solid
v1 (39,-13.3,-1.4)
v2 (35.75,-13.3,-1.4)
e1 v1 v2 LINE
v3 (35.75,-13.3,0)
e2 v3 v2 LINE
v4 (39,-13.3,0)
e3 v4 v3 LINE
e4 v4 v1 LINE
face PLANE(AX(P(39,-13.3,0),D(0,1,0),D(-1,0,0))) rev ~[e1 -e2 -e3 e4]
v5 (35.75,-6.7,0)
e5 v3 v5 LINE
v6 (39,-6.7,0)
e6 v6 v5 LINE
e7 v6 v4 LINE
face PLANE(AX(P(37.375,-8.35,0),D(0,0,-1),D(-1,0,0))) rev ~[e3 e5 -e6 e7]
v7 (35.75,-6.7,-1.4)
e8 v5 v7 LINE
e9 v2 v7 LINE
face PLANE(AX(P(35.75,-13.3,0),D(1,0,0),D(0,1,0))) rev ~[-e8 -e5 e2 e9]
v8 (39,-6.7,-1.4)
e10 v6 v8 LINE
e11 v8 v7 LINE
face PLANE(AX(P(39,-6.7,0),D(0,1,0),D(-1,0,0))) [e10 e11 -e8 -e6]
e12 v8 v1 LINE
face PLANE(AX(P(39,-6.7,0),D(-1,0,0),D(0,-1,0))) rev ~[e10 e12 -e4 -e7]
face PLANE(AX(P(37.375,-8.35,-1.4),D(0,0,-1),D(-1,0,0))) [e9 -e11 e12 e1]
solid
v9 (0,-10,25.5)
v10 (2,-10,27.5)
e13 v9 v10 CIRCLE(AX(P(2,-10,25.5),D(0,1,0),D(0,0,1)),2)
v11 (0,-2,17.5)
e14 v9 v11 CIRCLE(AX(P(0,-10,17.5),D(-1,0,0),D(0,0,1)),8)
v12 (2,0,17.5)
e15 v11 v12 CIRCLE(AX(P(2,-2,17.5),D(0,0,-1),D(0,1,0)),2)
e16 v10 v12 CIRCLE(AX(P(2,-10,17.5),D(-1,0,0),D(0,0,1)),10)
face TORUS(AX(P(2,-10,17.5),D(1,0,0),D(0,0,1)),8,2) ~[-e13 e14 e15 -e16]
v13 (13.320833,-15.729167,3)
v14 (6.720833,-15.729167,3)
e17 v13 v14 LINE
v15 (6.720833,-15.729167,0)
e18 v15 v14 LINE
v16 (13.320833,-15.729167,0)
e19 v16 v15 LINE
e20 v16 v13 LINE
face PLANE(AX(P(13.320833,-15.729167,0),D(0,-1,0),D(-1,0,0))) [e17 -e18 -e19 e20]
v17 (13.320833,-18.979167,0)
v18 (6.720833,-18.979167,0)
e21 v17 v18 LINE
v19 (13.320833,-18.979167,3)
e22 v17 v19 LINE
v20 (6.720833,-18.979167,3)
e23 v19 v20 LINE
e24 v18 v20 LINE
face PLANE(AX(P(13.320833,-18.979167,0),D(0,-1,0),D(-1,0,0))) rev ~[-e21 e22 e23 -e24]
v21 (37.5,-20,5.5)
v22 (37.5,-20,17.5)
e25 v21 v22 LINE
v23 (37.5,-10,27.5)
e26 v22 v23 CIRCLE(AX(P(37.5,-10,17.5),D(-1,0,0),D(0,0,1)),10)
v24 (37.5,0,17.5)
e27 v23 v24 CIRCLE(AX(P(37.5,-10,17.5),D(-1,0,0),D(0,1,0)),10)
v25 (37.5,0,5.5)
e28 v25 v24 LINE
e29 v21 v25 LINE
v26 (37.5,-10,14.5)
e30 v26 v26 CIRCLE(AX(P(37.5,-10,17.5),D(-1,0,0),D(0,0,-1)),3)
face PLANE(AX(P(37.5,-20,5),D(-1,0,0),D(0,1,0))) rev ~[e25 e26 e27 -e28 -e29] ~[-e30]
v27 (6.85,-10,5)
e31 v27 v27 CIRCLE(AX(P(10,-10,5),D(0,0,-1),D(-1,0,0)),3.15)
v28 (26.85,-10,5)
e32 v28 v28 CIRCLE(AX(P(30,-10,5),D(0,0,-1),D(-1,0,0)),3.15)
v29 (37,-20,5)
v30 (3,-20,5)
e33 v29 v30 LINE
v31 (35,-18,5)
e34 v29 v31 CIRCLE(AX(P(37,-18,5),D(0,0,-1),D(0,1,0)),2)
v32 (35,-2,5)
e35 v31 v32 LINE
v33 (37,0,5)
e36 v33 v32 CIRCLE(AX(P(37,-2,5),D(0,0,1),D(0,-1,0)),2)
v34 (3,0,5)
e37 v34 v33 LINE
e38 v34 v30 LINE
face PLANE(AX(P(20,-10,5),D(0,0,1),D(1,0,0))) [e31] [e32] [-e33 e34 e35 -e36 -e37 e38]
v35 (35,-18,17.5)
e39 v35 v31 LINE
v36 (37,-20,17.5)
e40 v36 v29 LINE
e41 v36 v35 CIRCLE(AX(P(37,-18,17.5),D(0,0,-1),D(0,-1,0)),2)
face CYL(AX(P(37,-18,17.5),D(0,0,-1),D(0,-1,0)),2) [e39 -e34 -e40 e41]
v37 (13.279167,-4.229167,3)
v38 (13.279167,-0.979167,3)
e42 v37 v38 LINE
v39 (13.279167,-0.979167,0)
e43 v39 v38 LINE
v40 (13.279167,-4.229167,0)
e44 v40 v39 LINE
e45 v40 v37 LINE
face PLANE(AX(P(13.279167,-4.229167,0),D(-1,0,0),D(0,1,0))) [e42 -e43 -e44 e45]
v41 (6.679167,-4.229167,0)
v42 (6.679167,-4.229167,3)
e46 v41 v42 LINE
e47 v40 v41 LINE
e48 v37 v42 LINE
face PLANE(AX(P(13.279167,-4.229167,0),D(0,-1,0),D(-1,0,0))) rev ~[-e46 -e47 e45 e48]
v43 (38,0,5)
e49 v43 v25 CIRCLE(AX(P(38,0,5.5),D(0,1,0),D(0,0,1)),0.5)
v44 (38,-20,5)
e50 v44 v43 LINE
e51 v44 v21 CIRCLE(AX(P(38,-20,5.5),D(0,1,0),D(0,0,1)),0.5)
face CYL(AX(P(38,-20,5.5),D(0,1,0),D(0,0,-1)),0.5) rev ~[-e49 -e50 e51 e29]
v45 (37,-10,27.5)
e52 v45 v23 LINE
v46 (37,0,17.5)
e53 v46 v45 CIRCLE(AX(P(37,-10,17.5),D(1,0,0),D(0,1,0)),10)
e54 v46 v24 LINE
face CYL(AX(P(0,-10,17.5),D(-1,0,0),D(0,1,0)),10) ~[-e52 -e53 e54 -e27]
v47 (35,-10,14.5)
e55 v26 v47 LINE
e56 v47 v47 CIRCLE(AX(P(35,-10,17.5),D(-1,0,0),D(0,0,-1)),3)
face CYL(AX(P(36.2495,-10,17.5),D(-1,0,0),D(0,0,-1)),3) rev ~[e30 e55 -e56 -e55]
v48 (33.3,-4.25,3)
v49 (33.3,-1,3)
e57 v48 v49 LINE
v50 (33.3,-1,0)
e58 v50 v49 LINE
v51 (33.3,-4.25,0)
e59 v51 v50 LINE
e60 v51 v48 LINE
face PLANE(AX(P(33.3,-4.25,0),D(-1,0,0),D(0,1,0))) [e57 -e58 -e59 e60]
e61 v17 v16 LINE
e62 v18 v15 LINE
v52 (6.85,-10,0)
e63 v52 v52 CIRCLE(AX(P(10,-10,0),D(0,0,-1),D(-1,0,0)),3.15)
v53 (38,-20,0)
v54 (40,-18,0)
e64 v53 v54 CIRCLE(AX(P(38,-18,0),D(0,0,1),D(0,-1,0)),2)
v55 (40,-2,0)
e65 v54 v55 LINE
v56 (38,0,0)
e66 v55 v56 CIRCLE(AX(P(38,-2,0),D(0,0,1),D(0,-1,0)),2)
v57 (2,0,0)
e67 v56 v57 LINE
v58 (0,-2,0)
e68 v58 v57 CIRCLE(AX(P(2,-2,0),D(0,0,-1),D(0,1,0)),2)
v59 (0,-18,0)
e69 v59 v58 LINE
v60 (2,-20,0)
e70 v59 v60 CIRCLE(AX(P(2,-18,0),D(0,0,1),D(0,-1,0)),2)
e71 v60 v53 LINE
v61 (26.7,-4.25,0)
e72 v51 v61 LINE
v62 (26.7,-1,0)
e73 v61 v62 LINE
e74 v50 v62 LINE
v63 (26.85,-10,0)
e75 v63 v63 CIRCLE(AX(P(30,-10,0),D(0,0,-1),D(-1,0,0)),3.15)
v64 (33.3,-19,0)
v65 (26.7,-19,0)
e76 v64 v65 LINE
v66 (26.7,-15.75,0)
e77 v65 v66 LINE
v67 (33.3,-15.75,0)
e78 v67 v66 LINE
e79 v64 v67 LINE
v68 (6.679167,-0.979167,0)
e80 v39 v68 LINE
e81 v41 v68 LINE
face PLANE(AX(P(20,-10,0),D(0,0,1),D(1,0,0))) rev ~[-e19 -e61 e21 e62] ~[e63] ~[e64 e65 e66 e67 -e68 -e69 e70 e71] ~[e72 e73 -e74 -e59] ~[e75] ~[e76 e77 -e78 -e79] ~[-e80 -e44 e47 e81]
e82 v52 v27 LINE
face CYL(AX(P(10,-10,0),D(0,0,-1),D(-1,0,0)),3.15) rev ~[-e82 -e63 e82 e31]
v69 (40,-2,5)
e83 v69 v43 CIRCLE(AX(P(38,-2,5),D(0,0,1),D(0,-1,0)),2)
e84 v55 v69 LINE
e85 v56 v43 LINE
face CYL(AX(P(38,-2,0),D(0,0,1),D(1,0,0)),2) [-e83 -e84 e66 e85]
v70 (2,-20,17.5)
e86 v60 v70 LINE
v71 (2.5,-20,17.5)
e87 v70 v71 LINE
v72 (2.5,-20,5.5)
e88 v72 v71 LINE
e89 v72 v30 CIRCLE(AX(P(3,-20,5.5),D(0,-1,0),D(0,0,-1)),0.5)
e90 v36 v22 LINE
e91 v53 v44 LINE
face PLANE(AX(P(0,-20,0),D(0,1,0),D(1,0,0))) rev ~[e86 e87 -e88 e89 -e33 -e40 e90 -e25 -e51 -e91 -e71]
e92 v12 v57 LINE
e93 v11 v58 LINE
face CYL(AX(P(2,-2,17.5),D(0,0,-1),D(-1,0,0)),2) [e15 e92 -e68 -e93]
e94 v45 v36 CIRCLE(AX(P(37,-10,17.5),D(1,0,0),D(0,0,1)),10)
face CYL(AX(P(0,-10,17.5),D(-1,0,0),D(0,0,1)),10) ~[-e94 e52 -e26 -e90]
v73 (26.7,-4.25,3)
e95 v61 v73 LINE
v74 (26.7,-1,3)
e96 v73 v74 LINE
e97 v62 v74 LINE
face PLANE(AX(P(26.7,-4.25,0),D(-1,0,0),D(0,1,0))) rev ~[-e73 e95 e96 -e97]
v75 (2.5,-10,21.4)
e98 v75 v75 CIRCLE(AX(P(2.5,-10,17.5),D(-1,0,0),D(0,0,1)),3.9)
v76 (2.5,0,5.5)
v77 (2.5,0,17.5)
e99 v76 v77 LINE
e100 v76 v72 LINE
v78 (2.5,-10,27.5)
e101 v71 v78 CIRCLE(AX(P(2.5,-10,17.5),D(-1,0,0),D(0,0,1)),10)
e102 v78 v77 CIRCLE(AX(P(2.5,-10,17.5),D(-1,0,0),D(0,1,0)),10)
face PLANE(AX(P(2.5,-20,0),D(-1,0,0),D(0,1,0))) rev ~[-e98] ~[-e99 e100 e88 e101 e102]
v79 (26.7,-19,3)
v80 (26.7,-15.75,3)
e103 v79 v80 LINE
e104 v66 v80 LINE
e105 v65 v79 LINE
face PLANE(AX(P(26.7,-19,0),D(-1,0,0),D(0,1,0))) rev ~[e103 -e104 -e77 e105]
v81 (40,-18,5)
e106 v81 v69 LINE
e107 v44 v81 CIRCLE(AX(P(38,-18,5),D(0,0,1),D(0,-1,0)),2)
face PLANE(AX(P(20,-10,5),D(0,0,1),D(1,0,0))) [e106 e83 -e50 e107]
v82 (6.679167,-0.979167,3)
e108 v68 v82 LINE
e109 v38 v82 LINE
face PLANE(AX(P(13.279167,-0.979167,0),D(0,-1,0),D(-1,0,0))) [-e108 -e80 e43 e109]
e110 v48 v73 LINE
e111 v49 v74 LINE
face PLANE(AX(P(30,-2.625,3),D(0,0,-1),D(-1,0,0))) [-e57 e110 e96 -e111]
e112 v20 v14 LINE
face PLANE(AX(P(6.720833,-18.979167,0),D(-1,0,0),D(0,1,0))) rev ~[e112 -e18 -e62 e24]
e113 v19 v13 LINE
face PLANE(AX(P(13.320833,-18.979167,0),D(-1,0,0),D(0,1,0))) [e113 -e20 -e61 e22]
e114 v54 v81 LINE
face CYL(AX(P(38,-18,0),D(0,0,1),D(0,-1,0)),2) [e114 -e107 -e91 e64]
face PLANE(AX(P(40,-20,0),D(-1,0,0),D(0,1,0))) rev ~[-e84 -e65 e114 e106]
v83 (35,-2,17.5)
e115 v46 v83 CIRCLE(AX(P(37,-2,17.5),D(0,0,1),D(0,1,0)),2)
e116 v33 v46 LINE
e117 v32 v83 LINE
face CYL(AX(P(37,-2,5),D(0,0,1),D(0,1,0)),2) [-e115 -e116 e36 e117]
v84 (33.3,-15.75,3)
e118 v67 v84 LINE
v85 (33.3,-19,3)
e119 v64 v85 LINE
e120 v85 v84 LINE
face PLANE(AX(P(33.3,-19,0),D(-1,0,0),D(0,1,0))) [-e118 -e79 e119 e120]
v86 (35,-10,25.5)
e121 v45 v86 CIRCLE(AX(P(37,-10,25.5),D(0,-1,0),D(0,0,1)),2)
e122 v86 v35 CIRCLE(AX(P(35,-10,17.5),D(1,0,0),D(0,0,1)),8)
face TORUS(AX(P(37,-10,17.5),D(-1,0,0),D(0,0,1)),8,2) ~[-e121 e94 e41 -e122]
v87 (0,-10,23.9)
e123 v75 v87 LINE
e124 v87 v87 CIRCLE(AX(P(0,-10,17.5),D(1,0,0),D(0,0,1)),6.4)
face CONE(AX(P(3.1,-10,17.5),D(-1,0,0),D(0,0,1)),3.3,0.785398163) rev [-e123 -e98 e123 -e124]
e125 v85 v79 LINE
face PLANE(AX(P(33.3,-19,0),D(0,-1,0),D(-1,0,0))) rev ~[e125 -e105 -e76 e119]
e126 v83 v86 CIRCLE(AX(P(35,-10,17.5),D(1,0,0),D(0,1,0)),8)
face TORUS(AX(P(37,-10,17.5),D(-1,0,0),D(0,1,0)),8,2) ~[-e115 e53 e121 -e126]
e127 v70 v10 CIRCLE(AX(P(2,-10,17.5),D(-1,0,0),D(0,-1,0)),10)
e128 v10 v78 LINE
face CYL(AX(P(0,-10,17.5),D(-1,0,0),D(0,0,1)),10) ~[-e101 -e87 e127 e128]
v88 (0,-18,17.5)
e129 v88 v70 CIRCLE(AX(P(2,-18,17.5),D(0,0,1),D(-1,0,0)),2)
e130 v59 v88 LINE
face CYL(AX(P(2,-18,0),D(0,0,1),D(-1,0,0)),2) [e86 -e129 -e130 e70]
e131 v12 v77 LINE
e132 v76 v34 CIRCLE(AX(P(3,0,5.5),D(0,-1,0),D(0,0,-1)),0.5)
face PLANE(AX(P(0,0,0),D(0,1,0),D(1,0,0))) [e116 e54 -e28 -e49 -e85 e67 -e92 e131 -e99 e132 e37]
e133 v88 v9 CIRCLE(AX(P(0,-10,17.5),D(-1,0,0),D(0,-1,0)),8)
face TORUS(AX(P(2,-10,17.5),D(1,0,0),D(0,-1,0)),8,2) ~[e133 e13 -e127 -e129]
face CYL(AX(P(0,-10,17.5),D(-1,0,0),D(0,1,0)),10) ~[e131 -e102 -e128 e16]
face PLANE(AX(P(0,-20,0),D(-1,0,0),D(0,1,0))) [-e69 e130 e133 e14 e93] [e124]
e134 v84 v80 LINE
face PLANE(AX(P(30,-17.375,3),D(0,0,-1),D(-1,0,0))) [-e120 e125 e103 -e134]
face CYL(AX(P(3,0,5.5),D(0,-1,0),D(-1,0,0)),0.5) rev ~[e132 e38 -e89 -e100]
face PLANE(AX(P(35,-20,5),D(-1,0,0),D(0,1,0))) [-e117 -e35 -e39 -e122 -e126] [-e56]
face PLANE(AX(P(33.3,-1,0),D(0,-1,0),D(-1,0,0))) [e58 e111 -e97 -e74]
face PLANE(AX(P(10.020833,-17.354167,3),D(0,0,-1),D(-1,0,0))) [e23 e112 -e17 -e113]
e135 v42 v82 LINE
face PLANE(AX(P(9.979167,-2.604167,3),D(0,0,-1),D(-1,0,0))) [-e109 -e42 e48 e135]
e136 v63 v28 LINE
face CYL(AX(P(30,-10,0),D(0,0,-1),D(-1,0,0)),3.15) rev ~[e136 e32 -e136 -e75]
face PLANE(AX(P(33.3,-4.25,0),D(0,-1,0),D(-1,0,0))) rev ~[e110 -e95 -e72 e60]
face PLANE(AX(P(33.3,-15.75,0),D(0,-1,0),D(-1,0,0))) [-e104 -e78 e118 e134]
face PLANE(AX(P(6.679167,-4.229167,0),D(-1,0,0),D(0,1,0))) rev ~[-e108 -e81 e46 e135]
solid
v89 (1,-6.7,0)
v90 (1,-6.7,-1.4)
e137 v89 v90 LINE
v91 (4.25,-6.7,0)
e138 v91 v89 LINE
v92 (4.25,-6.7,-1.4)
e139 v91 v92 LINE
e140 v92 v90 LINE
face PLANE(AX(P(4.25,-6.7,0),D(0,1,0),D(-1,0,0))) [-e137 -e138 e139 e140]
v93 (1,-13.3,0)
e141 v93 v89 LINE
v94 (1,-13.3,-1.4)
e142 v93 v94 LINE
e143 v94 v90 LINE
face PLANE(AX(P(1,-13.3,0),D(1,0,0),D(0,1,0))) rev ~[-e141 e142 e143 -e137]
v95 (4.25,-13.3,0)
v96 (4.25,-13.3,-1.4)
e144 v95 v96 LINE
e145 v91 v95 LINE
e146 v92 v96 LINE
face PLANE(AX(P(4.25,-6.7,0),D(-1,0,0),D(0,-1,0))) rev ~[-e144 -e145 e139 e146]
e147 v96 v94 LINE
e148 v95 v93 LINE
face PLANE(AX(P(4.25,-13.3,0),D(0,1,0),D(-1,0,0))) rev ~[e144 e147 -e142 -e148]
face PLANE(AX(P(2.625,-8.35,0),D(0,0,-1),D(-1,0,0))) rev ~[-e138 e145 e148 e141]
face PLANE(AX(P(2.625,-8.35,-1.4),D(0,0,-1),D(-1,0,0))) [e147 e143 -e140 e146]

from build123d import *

# Parameters (mm, degrees)
SKETCH_1_W          = 40
SKETCH_1_H          = 20
EXTRUDE_1_DEPTH     = 5
SKETCH_2_W          = 2.5
SKETCH_2_H          = 20
EXTRUDE_2_DEPTH     = 27.5
SKETCH_3_W          = 6.6
SKETCH_3_H          = 3.25
CUT_EXTRUDE_1_DEPTH = 3
SKETCH_3_3_R        = 3.15
CUT_EXTRUDE_2_DEPTH = 53.5
SKETCH_3_4_W        = 3.25
SKETCH_3_4_H        = 6.6
EXTRUDE_3_DEPTH     = 1.4
EXTRUDE_3_2_DEPTH   = 1.4
SKETCH_4_W          = 2.5
SKETCH_4_H          = 20
EXTRUDE_4_DEPTH     = 22.5
CUT_EXTRUDE_3_DEPTH = 53.5
SKETCH_8_W          = 3
SKETCH_8_H          = 2.501
FILLET_2_R          = 2
FILLET_3_R          = 2
FILLET_4_R          = 0.5


with BuildPart() as part:
    # 草图1 → 凸台-拉伸1 (new body)
    with BuildSketch(Plane.XY):
        with Locations((20, -10)):
            Rectangle(SKETCH_1_W, SKETCH_1_H)
    extrude(amount=EXTRUDE_1_DEPTH)

    # 草图2 → 凸台-拉伸2 (add)
    with BuildSketch(Plane.XY):
        with Locations((1.25, -10)):
            Rectangle(SKETCH_2_W, SKETCH_2_H)
    extrude(amount=EXTRUDE_2_DEPTH)

    # 草图3 → 切除-拉伸1 (cut)
    with BuildSketch(Plane(origin=(0, 0, 0), x_dir=(-1, 0, 0), z_dir=(0, 0, -1))):
        with Locations((-30, -2.625)):
            Rectangle(SKETCH_3_W, SKETCH_3_H)
        with Locations((-30, -17.375)):
            Rectangle(SKETCH_3_W, SKETCH_3_H)
        with Locations((-10.02083306, -17.35416694)):
            Rectangle(SKETCH_3_W, SKETCH_3_H)
        with Locations((-9.97916694, -2.60416694)):
            Rectangle(SKETCH_3_W, SKETCH_3_H)
    extrude(amount=-CUT_EXTRUDE_1_DEPTH, mode=Mode.SUBTRACT)

    # 草图3<3> → 切除-拉伸2 (cut, through all)
    with BuildSketch(Plane(origin=(0, 0, 0), x_dir=(-1, 0, 0), z_dir=(0, 0, -1))):
        with Locations((-30, -10)):
            Circle(SKETCH_3_3_R)
        with Locations((-10, -10)):
            Circle(SKETCH_3_3_R)
    extrude(amount=-CUT_EXTRUDE_2_DEPTH, mode=Mode.SUBTRACT)

    # 草图4 → 凸台-拉伸4 (add)
    with BuildSketch(Plane.XY.offset(5)):
        with Locations((36.25, -10)):
            Rectangle(SKETCH_4_W, SKETCH_4_H)
    extrude(amount=EXTRUDE_4_DEPTH)

    # 草图5 → 切除-拉伸3 (cut, through all)
    with BuildSketch(Plane.ZY):
        with BuildLine():
            Line((27.5, -20), (27.5, -10))
            ThreePointArc((27.5, -10), (24.571067812, -17.071067812), (17.5, -20))
            Line((17.5, -20), (27.5, -20))
        make_face()
        with BuildLine():
            Line((27.5, 0), (17.5, 0))
            ThreePointArc((17.5, 0), (24.571067812, -2.928932188), (27.5, -10))
            Line((27.5, -10), (27.5, 0))
        make_face()
    extrude(amount=-CUT_EXTRUDE_3_DEPTH, mode=Mode.SUBTRACT)

    # 草图8 → Hole Wizard M6 _1 (revolve, cut)
    with BuildSketch(Plane(origin=(37.5, -10, 17.5), x_dir=(0, 0, -1), z_dir=(0, 1, 0))):
        with Locations((1.5, 1.2505)):
            Rectangle(SKETCH_8_W, SKETCH_8_H)
    revolve(axis=Axis((43.85, -10, 17.5), (-1, 0, 0)), mode=Mode.SUBTRACT)

    # 草图10 → Hole Wizard M6 _1 2 (revolve, cut)
    with BuildSketch(Plane(origin=(0, -10, 17.5), x_dir=(0, 0, 1), z_dir=(0, 1, 0))):
        Polygon((0, 0), (0, 2.501), (3.3, 2.501), (3.3, 3.1), (6.4, 0), align=None)
    revolve(axis=Axis((-6.35, -10, 17.5), (1, 0, 0)), mode=Mode.SUBTRACT)

    # 圆角2
    fillet_2_edges = [part.edges().sort_by_distance(p)[0] for p in [
        (35, 0, 11.25),
        (35, -20, 11.25),
        (0, -20, 8.75),
        (0, 0, 8.75),
        (35, -10, 27.5),
        (0, -10, 27.5),
    ]]
    fillet(fillet_2_edges, radius=FILLET_2_R)

    # 圆角3
    fillet_3_edges = [part.edges().sort_by_distance(p)[0] for p in [
        (40, 0, 2.5),
        (40, -20, 2.5),
    ]]
    fillet(fillet_3_edges, radius=FILLET_3_R)

    # 圆角4
    fillet_4_edges = [part.edges().sort_by_distance(p)[0] for p in [
        (37.5, -10, 5),
        (2.5, -10, 5),
    ]]
    fillet(fillet_4_edges, radius=FILLET_4_R)


with BuildPart() as body_2:
    # 草图3<4> → 凸台-拉伸3 (new body)
    with BuildSketch(Plane(origin=(0, 0, 0), x_dir=(-1, 0, 0), z_dir=(0, 0, -1))):
        with Locations((-2.625, -10)):
            Rectangle(SKETCH_3_4_W, SKETCH_3_4_H)
    extrude(amount=EXTRUDE_3_DEPTH)


with BuildPart() as body_3:
    # 草图3<4> → Extrude 3 2 (new body)
    with BuildSketch(Plane(origin=(0, 0, 0), x_dir=(-1, 0, 0), z_dir=(0, 0, -1))):
        with Locations((-37.375, -10)):
            Rectangle(SKETCH_3_4_W, SKETCH_3_4_H)
    extrude(amount=EXTRUDE_3_2_DEPTH)


solid = Compound([part.part, body_2.part, body_3.part])
